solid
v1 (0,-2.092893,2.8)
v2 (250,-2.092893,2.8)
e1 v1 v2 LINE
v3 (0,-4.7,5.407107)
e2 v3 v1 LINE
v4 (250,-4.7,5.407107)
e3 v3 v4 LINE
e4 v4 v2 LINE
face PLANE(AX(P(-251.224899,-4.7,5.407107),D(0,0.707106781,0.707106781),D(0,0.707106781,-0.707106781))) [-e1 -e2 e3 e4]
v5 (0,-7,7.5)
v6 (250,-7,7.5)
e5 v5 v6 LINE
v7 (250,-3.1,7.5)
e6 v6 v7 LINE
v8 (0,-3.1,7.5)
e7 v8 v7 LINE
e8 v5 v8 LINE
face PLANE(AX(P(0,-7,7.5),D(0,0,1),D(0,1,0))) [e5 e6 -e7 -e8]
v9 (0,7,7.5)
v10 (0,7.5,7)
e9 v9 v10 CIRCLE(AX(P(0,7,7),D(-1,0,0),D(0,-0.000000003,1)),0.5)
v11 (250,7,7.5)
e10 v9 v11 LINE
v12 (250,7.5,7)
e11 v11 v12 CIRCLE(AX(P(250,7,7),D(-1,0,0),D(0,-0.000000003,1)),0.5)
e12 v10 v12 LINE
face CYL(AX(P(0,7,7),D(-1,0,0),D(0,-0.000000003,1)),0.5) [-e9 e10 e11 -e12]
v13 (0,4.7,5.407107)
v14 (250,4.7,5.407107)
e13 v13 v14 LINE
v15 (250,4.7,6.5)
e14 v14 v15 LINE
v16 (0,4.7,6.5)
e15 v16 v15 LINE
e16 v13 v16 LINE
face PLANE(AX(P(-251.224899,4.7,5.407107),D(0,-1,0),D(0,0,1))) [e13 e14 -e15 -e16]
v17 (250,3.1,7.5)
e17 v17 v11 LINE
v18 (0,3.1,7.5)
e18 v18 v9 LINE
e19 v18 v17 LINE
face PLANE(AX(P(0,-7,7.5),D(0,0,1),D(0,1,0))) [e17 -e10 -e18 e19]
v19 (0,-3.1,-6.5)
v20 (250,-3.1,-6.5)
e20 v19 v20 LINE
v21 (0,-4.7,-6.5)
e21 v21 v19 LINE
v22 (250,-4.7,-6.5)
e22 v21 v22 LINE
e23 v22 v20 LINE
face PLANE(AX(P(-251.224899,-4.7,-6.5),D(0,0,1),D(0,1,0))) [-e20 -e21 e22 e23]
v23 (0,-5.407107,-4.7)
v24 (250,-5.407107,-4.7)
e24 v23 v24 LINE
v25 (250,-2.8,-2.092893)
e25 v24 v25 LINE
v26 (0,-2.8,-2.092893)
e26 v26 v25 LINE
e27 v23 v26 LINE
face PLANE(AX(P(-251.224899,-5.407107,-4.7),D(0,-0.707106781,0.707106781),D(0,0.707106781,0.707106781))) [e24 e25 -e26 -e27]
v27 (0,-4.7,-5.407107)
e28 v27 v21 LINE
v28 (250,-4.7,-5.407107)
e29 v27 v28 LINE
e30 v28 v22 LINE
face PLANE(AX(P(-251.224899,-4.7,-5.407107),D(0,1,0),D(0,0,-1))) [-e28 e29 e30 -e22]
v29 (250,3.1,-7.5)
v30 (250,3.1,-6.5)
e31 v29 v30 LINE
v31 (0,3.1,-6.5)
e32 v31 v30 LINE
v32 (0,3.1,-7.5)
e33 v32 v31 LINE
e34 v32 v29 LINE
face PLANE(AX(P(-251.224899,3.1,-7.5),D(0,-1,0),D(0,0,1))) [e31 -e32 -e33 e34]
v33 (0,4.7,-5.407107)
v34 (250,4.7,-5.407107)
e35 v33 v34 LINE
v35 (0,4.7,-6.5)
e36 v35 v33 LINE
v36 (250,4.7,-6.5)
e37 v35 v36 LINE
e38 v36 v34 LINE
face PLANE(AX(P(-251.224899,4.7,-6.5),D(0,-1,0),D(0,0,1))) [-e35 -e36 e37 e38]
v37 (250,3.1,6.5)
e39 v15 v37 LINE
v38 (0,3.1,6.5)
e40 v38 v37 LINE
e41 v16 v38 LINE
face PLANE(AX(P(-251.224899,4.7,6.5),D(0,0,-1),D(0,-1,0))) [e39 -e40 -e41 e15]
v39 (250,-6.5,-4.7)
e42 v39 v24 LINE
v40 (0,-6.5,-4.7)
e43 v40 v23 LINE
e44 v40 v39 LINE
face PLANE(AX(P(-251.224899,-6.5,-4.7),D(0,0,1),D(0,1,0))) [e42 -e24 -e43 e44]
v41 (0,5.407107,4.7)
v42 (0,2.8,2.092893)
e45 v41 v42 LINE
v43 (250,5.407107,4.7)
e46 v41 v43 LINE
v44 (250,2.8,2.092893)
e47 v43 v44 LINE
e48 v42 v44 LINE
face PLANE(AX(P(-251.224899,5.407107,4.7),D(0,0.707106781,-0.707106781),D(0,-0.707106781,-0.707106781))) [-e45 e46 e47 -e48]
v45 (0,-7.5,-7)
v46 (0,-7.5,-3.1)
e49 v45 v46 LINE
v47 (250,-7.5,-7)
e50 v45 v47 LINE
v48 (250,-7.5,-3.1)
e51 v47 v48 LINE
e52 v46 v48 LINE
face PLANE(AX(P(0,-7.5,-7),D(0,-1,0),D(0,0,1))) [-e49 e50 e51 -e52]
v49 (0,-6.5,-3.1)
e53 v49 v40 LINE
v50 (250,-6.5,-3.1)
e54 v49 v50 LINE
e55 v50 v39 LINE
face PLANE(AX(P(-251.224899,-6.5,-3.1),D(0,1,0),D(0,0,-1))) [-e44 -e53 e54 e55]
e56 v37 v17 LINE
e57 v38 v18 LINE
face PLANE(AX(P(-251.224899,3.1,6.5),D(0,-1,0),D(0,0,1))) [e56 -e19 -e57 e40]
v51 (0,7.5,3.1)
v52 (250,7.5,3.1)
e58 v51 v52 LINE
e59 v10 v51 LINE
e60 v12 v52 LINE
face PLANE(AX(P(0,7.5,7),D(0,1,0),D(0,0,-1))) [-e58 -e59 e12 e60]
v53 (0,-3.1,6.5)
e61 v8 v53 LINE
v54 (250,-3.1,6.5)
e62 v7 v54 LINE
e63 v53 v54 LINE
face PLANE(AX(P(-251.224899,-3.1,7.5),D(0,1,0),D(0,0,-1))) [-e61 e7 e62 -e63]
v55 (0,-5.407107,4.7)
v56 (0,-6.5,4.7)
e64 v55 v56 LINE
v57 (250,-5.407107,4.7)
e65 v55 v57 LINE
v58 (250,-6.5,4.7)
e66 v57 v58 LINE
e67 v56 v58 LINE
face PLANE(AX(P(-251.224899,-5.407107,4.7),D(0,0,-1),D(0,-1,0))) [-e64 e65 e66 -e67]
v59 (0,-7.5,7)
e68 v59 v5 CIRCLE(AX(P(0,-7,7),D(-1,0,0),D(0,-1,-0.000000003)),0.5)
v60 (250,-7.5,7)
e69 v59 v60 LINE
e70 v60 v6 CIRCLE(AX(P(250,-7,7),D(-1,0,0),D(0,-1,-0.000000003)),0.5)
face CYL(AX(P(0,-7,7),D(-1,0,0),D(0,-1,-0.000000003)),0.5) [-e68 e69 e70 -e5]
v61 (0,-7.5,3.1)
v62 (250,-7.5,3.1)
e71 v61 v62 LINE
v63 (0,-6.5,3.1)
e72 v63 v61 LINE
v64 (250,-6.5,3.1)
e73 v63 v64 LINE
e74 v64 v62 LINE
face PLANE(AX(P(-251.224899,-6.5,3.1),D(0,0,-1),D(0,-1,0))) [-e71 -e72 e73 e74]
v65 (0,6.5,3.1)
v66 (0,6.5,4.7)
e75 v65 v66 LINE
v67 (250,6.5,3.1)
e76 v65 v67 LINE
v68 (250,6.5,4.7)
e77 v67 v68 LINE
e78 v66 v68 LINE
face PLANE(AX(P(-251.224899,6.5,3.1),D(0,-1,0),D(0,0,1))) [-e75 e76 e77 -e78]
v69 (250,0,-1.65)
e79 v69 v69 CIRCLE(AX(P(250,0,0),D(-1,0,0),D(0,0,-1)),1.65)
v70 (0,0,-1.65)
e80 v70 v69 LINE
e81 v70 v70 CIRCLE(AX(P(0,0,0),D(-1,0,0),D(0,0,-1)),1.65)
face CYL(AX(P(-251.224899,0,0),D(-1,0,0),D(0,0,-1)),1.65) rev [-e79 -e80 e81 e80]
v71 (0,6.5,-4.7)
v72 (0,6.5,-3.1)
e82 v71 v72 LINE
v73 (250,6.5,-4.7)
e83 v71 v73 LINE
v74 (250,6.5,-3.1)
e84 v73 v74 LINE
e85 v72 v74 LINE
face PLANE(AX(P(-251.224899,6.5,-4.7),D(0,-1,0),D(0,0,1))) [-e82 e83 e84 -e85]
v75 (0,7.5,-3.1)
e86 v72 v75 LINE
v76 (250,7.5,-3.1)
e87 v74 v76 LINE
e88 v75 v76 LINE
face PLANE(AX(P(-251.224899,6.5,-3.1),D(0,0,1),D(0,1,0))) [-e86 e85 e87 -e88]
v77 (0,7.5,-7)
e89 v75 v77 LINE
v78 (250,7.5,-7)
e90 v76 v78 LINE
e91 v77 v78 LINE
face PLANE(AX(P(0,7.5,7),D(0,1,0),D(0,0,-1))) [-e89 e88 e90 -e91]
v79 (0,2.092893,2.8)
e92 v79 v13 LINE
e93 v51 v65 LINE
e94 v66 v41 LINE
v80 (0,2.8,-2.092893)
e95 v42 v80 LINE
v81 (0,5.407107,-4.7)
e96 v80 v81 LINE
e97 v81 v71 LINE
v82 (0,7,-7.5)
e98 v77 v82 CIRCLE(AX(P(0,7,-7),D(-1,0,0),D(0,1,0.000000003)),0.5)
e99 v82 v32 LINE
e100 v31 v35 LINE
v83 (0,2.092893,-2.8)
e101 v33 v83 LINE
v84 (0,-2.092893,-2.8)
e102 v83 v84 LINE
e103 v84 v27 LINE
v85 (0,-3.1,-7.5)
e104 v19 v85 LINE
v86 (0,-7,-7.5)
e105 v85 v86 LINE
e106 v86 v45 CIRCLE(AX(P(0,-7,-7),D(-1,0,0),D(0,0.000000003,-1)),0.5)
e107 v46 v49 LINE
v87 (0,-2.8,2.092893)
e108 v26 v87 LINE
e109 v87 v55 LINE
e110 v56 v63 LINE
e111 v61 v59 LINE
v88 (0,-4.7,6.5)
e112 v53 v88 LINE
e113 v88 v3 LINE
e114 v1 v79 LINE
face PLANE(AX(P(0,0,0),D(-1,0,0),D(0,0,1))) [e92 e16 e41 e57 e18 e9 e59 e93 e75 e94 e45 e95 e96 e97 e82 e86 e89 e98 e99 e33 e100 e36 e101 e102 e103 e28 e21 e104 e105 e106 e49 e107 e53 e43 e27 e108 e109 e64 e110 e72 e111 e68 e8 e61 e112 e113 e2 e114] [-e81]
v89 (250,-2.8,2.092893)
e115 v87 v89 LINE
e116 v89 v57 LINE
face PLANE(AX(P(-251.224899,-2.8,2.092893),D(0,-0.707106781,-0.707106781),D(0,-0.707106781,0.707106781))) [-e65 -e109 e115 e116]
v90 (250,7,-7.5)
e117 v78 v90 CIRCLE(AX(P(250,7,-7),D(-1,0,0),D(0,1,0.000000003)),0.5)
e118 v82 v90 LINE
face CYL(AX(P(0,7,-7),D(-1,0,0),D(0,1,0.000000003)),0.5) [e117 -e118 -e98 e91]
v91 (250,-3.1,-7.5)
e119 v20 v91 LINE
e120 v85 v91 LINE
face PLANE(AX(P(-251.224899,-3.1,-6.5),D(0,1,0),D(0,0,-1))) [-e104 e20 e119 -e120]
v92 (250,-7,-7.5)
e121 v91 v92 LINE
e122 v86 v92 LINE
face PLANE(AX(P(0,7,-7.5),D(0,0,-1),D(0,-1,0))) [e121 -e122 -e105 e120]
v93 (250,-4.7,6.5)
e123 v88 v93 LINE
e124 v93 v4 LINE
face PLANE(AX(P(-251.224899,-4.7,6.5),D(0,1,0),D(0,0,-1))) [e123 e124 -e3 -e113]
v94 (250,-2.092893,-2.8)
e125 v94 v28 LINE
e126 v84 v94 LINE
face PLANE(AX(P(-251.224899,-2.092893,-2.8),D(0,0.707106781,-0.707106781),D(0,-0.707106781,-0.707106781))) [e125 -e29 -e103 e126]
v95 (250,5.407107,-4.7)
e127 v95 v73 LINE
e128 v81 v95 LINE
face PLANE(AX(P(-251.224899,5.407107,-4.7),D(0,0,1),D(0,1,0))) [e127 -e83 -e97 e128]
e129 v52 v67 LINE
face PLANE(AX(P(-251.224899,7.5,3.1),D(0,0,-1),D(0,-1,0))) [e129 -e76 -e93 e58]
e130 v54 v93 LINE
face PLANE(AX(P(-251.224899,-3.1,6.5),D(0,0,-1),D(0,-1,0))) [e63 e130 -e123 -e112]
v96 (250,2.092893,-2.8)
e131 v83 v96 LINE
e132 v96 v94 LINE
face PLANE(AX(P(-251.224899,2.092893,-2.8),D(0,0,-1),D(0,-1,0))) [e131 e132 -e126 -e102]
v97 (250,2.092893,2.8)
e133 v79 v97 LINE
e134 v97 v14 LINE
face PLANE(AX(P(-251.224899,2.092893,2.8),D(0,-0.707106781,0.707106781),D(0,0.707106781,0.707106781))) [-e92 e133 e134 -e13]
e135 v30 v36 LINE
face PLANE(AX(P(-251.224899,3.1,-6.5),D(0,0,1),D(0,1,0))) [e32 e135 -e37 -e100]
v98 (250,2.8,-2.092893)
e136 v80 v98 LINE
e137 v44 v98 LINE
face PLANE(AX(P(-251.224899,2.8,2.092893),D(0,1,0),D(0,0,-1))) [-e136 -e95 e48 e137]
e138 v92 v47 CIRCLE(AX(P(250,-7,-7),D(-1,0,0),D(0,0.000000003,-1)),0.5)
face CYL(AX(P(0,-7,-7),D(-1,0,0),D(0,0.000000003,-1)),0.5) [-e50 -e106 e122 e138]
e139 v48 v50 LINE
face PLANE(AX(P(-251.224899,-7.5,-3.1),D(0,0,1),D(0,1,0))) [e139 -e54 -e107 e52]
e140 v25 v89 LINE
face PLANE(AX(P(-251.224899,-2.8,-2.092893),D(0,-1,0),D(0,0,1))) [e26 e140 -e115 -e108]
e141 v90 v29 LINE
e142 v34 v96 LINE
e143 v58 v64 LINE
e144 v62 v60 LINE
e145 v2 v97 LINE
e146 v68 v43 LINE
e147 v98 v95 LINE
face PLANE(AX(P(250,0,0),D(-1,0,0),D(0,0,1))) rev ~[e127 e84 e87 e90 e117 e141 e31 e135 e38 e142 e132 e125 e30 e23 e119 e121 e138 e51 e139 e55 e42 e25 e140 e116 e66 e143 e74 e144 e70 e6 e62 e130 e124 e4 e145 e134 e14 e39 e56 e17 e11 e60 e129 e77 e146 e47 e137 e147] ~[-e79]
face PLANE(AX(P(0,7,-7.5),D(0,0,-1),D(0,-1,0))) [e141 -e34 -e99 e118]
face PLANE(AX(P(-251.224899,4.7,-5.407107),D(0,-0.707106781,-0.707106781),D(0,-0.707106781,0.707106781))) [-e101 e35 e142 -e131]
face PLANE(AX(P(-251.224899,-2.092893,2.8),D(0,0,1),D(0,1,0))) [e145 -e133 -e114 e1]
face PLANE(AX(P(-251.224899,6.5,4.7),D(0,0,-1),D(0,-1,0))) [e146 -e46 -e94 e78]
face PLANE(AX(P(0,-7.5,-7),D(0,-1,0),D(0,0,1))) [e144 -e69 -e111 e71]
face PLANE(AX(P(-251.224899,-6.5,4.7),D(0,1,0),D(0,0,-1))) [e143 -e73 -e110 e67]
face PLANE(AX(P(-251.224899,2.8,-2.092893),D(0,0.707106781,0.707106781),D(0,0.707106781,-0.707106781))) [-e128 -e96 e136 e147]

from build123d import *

# Parameters (mm, degrees)
EXTRUDE_1_DEPTH          = 250
CUT_EXTRUDE_2_DEPTH      = 251.224898841
CUT_EXTRUDE_2_DEPTH_BACK = 251.224898841
SKETCH_2_4_R             = 1.65


with BuildPart() as part:
    # 草图2 → 凸台-拉伸1 (new body)
    with BuildSketch(Plane(origin=(0, 0, 0), x_dir=(0, 0, -1), z_dir=(1, 0, 0))):
        with BuildLine():
            Line((-7, 7.5), (7, 7.5))
            ThreePointArc((7, 7.5), (7.353553391, 7.353553391), (7.5, 7))
            Line((7.5, 7), (7.5, -7))
            ThreePointArc((7.5, -7), (7.353553391, -7.353553391), (7, -7.5))
            Line((7, -7.5), (-7, -7.5))
            ThreePointArc((-7, -7.5), (-7.353553391, -7.353553391), (-7.5, -7))
            Line((-7.5, -7), (-7.5, 7))
            ThreePointArc((-7.5, 7), (-7.353553391, 7.353553391), (-7, 7.5))
        make_face()
    extrude(amount=EXTRUDE_1_DEPTH)

    # 草图2<4> → 切除-拉伸2 (cut, two sides: drawn at the far end of the back side and taken through both)
    with BuildSketch(Plane(origin=(0, 0, 0), x_dir=(0, 0, -1), z_dir=(1, 0, 0)).offset(-CUT_EXTRUDE_2_DEPTH_BACK)):
        Polygon((3.1, 7.5), (-3.1, 7.5), (-3.1, 6.5), (-4.7, 6.5), (-4.7, 5.407106781), (-2.092893219, 2.8), (2.092893219, 2.8), (4.7, 5.407106781), (4.7, 6.5), (3.1, 6.5), align=None)
        Polygon((-6.5, 3.1), (-7.5, 3.1), (-7.5, -3.1), (-6.5, -3.1), (-6.5, -4.7), (-5.407106781, -4.7), (-2.8, -2.092893219), (-2.8, 2.092893219), (-5.407106781, 4.7), (-6.5, 4.7), align=None)
        Polygon((7.5, -3.1), (7.5, 3.1), (6.5, 3.1), (6.5, 4.7), (5.407106781, 4.7), (2.8, 2.092893219), (2.8, -2.092893219), (5.407106781, -4.7), (6.5, -4.7), (6.5, -3.1), align=None)
        Polygon((-3.1, -6.5), (-3.1, -7.5), (3.1, -7.5), (3.1, -6.5), (4.7, -6.5), (4.7, -5.407106781), (2.092893219, -2.8), (-2.092893219, -2.8), (-4.7, -5.407106781), (-4.7, -6.5), align=None)
        Circle(SKETCH_2_4_R)
    extrude(amount=CUT_EXTRUDE_2_DEPTH + CUT_EXTRUDE_2_DEPTH_BACK, mode=Mode.SUBTRACT)


solid = part.part
